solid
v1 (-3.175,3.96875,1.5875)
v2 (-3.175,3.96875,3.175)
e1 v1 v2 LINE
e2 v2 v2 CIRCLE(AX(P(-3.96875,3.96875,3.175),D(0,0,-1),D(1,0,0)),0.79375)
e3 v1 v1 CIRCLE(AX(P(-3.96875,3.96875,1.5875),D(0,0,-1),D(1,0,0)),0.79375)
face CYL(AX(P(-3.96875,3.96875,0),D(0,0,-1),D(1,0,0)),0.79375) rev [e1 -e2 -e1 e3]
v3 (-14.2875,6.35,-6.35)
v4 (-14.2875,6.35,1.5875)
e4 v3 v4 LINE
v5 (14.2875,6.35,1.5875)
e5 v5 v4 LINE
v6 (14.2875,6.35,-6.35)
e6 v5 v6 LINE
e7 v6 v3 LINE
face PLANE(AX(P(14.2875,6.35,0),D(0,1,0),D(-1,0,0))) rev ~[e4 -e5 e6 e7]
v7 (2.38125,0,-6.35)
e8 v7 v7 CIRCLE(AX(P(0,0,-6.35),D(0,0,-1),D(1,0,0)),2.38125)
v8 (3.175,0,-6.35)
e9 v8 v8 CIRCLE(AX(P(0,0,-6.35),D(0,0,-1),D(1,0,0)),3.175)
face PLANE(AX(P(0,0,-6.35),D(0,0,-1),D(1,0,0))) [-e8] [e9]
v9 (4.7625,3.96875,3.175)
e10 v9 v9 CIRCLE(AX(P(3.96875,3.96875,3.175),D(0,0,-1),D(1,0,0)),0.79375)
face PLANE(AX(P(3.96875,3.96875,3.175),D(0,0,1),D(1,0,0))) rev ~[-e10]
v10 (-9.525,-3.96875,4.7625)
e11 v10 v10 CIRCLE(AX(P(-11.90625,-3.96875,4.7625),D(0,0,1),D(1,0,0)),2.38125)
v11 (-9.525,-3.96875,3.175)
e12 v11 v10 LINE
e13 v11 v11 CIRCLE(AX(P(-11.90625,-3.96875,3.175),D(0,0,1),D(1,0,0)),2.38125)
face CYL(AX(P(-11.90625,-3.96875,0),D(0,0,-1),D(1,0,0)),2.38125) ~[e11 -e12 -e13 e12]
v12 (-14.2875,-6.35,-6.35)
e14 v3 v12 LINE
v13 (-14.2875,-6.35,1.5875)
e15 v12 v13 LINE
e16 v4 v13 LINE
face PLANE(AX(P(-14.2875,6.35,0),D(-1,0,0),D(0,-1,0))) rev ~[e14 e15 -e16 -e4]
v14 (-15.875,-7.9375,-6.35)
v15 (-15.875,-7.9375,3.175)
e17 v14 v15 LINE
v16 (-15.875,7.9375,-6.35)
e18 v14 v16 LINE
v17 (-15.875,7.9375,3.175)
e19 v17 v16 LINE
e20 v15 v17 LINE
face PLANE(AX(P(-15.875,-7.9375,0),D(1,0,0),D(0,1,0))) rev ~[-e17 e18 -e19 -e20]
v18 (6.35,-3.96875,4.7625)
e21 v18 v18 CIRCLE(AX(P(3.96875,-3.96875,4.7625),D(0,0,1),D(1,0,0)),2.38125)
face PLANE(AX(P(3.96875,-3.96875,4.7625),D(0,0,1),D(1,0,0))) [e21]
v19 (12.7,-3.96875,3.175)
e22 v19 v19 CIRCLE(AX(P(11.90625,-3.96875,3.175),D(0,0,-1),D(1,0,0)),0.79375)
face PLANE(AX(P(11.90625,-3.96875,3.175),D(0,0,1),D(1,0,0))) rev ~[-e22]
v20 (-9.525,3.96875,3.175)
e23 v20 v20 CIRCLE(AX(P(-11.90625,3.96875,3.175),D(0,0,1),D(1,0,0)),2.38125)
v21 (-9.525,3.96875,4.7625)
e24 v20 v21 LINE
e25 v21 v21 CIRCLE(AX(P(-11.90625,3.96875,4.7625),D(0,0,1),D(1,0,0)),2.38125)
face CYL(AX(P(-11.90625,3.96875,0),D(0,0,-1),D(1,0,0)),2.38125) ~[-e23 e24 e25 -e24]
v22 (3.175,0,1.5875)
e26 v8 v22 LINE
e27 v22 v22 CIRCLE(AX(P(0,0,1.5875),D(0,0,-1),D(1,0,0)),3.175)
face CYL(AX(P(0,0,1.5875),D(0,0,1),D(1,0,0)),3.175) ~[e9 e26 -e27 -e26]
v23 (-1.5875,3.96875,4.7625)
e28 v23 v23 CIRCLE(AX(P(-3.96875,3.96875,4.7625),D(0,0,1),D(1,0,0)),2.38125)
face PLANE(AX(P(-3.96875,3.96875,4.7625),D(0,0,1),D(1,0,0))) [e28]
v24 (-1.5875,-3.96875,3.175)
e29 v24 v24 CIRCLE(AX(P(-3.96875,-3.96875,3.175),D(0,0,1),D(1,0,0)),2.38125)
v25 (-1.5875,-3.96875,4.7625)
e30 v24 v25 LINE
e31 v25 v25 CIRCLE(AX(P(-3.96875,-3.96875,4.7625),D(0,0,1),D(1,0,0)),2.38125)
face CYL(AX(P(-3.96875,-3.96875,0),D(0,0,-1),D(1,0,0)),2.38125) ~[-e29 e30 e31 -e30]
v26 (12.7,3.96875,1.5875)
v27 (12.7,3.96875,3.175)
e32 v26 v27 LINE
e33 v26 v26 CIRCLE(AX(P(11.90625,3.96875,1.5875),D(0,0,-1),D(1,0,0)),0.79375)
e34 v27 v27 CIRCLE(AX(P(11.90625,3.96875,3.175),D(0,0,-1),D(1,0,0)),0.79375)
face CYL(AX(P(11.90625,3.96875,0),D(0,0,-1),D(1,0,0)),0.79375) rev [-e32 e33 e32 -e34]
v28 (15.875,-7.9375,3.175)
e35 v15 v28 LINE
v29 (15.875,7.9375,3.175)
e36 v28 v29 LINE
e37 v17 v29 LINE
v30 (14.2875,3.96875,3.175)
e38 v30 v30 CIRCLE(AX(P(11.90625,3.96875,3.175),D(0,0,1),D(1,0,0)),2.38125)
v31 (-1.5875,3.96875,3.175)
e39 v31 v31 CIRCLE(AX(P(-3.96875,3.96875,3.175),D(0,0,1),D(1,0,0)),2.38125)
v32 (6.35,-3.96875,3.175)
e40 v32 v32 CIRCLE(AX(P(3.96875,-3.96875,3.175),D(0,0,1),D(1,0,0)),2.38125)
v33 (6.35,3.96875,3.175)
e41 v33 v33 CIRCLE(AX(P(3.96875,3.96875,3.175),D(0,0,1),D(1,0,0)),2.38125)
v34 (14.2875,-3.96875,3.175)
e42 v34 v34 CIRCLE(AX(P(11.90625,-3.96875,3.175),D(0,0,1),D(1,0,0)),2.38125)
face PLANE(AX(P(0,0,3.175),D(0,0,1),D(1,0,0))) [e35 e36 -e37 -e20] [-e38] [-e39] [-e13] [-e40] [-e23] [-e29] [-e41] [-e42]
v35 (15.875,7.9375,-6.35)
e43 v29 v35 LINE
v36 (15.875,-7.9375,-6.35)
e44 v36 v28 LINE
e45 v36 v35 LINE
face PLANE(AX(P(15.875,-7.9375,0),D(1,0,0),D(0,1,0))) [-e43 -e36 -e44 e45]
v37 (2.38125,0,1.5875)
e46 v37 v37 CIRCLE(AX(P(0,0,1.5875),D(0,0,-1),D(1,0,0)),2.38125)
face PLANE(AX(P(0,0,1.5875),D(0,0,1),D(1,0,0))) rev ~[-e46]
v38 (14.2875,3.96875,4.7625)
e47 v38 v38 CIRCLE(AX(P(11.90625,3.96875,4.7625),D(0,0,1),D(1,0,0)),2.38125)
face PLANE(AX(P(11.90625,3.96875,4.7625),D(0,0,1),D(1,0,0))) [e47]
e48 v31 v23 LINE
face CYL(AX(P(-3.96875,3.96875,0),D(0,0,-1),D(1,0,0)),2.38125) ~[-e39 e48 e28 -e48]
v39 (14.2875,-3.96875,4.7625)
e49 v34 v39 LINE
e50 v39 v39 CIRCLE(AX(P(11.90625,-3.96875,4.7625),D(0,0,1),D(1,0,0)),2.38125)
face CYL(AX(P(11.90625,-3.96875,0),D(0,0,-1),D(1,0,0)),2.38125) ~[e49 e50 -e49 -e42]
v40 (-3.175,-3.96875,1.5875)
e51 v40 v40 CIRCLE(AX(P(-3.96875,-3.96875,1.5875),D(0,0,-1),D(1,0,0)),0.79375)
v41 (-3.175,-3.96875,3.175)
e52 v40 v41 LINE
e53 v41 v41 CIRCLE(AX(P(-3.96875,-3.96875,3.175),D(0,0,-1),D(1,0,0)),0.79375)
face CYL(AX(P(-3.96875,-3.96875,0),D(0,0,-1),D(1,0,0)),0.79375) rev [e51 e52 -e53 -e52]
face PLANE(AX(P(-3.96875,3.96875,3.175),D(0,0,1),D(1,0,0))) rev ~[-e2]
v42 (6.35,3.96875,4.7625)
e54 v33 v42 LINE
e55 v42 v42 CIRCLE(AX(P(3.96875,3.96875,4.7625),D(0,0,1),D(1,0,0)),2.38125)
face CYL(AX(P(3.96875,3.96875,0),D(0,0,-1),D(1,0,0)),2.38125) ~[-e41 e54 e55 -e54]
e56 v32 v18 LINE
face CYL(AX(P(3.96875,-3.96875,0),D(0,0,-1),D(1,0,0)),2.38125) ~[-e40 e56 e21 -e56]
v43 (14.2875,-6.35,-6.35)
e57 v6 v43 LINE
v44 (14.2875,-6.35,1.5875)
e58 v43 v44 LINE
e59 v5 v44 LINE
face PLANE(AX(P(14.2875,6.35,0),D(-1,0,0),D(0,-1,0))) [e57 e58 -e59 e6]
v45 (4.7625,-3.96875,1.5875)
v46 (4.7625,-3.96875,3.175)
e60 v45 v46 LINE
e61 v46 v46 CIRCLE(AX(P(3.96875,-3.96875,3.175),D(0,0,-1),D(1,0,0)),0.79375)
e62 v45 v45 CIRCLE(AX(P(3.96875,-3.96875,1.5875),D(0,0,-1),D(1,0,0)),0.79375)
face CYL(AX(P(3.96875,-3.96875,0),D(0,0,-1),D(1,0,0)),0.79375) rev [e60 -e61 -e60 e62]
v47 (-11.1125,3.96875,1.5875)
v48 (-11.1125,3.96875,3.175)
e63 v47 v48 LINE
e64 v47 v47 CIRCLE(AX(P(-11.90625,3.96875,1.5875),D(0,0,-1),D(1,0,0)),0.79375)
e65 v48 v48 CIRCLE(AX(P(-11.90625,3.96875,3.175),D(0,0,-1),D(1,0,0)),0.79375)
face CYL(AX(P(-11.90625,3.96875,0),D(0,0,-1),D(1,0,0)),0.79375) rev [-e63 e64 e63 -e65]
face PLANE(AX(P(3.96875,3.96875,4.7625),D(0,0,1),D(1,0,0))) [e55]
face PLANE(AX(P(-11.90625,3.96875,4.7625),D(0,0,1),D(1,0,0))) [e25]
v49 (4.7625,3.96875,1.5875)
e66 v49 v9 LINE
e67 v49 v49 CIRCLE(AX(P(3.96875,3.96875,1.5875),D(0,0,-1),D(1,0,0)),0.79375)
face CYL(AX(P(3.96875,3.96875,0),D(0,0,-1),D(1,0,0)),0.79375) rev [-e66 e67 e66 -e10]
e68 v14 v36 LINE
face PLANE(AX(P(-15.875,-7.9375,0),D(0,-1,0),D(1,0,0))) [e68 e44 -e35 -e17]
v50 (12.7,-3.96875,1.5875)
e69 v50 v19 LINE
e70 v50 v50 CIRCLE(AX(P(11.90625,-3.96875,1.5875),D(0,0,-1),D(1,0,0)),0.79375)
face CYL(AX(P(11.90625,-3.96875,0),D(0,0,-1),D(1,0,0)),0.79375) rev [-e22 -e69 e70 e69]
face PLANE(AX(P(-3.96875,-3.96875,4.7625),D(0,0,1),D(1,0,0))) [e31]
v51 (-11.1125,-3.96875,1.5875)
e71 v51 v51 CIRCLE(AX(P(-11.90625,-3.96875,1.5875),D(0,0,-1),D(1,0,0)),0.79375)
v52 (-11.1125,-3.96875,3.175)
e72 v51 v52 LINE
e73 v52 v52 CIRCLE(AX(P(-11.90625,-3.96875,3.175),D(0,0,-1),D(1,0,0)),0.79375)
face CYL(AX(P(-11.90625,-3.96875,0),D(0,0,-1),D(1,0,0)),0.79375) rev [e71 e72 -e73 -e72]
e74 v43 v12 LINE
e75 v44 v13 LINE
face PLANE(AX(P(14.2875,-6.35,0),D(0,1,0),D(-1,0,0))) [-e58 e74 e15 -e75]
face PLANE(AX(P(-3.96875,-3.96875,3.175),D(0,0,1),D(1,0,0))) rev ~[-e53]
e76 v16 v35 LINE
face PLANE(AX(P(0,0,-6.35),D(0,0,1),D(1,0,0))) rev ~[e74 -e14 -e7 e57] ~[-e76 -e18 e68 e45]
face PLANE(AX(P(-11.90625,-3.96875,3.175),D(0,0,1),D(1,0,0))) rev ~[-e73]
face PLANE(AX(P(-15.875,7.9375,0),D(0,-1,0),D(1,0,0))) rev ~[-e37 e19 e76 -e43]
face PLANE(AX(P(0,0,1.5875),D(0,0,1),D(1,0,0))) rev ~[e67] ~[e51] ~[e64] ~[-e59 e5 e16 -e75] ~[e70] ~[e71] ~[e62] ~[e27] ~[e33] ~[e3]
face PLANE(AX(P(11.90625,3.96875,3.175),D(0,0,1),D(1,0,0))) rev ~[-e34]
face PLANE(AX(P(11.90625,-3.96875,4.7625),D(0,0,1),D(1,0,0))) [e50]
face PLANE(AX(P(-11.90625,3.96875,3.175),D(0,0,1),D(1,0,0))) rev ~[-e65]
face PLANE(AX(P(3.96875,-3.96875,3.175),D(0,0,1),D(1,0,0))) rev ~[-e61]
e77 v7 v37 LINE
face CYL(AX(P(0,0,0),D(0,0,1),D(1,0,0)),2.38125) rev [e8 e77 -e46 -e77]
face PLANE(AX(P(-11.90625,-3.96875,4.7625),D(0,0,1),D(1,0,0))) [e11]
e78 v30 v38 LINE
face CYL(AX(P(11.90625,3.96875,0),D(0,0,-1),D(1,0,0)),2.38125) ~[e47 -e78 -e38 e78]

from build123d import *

# Parameters (mm, degrees)
F0_W     = 31.75
F0_H     = 15.875
F0_R     = 2.38125
F1_DEPTH = 3.175
F2_DEPTH = 4.7625
F3_T     = -1.5875
F4_R     = 3.175
F4_R_2   = 2.38125
F5_DEPTH = 1.5875
F6_DEPTH = 6.35


with BuildPart() as f1:
    # F0 (on Top) → F1 (new body)
    with BuildSketch(Plane.XY):
        Rectangle(F0_W, F0_H)
        with Locations((-11.90625, -3.96875)):
            Circle(F0_R, mode=Mode.SUBTRACT)
        with Locations((-3.96875, -3.96875)):
            Circle(F0_R, mode=Mode.SUBTRACT)
        with Locations((3.96875, -3.96875)):
            Circle(F0_R, mode=Mode.SUBTRACT)
        with Locations((11.90625, -3.96875)):
            Circle(F0_R, mode=Mode.SUBTRACT)
        with Locations((-11.90625, 3.96875)):
            Circle(F0_R, mode=Mode.SUBTRACT)
        with Locations((-3.96875, 3.96875)):
            Circle(F0_R, mode=Mode.SUBTRACT)
        with Locations((3.96875, 3.96875)):
            Circle(F0_R, mode=Mode.SUBTRACT)
        with Locations((11.90625, 3.96875)):
            Circle(F0_R, mode=Mode.SUBTRACT)
    extrude(amount=F1_DEPTH)

    # F0 (on Top) → F2 (join)
    with BuildSketch(Plane.XY):
        with Locations((-11.90625, 3.96875)):
            Circle(F0_R)
        with Locations((-3.96875, 3.96875)):
            Circle(F0_R)
        with Locations((-3.96875, -3.96875)):
            Circle(F0_R)
        with Locations((-11.90625, -3.96875)):
            Circle(F0_R)
        with Locations((3.96875, 3.96875)):
            Circle(F0_R)
        with Locations((11.90625, 3.96875)):
            Circle(F0_R)
        with Locations((11.90625, -3.96875)):
            Circle(F0_R)
        with Locations((3.96875, -3.96875)):
            Circle(F0_R)
    extrude(amount=F2_DEPTH)

    # F3
    f3_openings = [f1.faces().sort_by_distance(p)[0] for p in [
        (0, 0, 0),
    ]]
    offset(amount=F3_T, openings=f3_openings, kind=Kind.INTERSECTION)

    # F4 (on face) → F5 (join)
    with BuildSketch(Plane(origin=(0, 0, 1.5875), x_dir=(1, 0, 0), z_dir=(0, 0, -1))):
        Circle(F4_R)
        Circle(F4_R_2, mode=Mode.SUBTRACT)
    extrude(amount=F5_DEPTH)

    # F6 (add): faces of the model
    f6_faces = [f1.faces().sort_by_distance(p)[0] for p in [
        (0, 7.5825242086, 0),
        (-3.0851974388, 0, 0),
    ]]
    extrude(f6_faces, amount=F6_DEPTH)


solid = f1.part
